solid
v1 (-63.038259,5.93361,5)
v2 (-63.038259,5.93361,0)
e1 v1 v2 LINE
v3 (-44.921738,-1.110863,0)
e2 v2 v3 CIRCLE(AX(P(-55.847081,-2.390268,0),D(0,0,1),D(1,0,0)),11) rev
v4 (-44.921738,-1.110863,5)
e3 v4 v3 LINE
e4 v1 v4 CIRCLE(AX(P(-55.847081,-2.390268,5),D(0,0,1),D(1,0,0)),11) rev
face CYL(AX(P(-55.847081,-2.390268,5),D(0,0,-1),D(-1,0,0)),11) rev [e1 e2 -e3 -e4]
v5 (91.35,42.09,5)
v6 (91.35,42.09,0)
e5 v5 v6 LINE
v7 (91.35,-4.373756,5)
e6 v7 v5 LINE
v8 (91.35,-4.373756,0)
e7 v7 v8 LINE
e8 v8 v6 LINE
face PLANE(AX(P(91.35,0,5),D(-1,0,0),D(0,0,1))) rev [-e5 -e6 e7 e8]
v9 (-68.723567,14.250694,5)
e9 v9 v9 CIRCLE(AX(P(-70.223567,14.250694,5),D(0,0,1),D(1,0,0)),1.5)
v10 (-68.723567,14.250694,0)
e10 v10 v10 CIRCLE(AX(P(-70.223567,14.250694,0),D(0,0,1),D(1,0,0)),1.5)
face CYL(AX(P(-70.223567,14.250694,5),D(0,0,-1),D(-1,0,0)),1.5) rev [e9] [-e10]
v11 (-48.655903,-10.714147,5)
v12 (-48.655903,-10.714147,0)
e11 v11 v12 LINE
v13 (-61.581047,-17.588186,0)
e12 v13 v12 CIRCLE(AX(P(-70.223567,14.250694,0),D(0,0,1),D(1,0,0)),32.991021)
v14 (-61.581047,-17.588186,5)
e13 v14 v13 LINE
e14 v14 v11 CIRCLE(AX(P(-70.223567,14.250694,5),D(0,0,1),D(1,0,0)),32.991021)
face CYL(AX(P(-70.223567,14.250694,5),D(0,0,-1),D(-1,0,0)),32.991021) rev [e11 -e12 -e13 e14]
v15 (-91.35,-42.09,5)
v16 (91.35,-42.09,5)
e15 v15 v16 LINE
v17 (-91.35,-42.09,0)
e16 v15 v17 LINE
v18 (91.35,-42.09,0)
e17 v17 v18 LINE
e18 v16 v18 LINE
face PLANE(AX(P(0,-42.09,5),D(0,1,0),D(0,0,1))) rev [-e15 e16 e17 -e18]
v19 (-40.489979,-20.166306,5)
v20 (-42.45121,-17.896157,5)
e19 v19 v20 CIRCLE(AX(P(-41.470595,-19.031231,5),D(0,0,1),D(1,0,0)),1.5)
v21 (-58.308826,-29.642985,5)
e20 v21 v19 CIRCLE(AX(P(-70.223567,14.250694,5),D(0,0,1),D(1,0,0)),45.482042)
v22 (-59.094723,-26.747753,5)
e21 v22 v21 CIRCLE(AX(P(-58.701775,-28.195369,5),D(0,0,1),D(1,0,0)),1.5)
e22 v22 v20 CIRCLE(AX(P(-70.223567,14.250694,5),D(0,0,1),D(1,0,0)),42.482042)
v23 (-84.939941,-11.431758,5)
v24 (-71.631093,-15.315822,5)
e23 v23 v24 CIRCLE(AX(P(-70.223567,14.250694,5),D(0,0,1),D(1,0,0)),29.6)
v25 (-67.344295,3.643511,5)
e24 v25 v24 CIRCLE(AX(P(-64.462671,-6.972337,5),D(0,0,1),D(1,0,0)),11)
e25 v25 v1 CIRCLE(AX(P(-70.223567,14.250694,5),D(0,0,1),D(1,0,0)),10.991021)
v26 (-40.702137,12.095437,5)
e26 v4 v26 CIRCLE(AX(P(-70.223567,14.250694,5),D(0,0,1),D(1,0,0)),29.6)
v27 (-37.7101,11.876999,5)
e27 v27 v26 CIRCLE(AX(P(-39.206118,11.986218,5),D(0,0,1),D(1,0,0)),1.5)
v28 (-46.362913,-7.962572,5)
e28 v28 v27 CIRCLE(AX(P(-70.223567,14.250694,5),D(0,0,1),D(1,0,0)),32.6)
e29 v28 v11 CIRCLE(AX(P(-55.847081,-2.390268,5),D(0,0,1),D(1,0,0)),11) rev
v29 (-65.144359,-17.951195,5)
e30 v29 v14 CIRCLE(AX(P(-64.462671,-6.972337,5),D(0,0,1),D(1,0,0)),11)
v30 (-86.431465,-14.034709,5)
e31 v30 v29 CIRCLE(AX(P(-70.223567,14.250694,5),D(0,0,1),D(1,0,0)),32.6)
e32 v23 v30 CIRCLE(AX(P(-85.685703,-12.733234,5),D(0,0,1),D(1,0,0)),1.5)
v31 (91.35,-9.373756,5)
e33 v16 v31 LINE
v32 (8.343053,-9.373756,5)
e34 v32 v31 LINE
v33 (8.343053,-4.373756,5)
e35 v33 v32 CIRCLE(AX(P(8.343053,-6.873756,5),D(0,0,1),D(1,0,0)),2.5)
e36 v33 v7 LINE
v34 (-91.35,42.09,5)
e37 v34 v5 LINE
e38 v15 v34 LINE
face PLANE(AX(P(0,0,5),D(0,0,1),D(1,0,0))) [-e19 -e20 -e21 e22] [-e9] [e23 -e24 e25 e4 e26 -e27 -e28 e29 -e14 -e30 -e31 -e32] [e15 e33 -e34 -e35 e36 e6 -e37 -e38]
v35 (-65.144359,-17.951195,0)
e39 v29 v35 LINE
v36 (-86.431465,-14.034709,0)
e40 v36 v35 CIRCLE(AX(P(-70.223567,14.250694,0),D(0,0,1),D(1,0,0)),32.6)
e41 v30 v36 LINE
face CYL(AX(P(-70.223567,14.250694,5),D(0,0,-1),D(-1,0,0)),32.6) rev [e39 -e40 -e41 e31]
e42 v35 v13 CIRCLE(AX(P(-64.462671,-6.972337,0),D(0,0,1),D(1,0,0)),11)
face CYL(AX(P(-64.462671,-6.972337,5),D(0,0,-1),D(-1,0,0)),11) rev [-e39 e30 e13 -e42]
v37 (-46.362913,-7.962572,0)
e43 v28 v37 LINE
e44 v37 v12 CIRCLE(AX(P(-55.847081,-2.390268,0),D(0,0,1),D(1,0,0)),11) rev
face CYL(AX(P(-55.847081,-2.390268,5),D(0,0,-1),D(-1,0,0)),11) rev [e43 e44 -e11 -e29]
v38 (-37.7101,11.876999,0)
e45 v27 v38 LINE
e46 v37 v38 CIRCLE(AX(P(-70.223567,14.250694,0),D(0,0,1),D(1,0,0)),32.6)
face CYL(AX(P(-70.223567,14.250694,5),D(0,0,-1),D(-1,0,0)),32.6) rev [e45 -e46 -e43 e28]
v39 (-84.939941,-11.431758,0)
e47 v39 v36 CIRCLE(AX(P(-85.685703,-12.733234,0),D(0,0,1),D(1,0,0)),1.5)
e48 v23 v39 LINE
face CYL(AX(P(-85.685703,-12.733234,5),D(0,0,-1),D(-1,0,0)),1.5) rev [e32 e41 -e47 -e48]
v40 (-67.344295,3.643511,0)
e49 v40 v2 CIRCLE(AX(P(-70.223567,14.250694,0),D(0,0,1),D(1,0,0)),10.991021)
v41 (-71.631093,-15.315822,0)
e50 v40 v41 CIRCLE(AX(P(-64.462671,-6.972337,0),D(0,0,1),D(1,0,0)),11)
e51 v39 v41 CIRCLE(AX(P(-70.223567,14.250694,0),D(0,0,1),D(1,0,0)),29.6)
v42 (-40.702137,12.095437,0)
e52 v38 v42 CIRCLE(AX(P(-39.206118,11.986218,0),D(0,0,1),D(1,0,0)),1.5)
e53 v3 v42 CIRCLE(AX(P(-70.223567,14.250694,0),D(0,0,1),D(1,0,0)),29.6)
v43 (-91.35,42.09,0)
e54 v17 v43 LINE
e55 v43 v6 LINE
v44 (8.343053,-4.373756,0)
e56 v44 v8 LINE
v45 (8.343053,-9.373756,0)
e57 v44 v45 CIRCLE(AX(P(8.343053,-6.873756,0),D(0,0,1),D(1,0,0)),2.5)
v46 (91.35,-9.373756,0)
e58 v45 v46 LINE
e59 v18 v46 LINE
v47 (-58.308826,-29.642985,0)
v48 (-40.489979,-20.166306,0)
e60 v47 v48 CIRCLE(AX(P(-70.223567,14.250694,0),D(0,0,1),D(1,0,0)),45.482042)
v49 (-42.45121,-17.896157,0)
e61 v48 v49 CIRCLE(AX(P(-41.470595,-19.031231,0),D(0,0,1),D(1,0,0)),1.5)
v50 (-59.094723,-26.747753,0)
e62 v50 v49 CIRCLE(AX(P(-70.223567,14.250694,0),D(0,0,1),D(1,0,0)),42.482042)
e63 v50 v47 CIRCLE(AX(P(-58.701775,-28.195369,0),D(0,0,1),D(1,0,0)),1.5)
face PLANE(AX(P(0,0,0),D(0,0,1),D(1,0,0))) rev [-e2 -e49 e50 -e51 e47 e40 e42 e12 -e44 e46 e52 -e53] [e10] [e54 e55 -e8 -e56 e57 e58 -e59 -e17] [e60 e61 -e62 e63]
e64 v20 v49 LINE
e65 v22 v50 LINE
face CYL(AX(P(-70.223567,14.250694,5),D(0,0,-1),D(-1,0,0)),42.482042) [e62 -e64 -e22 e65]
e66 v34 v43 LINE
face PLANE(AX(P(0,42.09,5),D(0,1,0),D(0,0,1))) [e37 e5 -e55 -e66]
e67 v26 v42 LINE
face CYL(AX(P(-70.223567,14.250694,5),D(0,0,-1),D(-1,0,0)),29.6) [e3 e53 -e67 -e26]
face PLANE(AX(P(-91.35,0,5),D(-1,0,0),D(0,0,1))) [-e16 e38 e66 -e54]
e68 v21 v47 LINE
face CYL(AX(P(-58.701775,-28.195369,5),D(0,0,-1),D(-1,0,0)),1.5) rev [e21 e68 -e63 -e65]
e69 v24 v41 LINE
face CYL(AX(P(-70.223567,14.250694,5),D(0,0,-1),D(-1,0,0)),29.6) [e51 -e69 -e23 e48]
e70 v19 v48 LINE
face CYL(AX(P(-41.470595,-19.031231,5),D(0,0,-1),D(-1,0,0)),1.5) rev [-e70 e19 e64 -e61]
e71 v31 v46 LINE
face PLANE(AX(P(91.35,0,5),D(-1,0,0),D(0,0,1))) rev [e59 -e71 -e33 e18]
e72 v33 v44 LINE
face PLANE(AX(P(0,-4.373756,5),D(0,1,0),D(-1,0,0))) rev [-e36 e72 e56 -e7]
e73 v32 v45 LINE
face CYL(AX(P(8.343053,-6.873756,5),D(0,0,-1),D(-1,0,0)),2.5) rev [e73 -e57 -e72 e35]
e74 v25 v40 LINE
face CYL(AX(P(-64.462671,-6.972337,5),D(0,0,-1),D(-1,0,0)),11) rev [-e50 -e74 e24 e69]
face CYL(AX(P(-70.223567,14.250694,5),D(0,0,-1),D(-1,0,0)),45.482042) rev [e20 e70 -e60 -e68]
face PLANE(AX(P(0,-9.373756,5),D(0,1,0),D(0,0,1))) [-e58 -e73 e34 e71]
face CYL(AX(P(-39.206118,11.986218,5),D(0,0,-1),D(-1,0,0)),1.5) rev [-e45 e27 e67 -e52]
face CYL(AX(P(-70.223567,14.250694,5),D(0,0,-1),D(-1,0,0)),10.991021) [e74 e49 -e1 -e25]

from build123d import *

# Parameters (mm, degrees)
SKETCH1_R           = 1.5
BOSS_EXTRUDE1_DEPTH = 5


with BuildPart() as part:
    # Sketch1 → Boss-Extrude1 (new body)
    with BuildSketch(Plane.XY):
        with BuildLine():
            Line((-91.35, 42.09), (-91.35, -42.09))
            Line((-91.35, -42.09), (91.35, -42.09))
            Line((91.35, -42.09), (91.35, -9.373756295))
            Line((91.35, -9.373756295), (8.343053199, -9.373756295))
            ThreePointArc((8.343053199, -9.373756295), (5.843053199, -6.873756295), (8.343053199, -4.373756295))
            Line((8.343053199, -4.373756295), (91.35, -4.373756295))
            Line((91.35, -4.373756295), (91.35, 42.09))
            Line((91.35, 42.09), (-91.35, 42.09))
        make_face()
        with BuildLine():
            ThreePointArc((-40.489979298, -20.16630551), (-48.867123378, -25.905481248), (-58.308825968, -29.642984865))
            ThreePointArc((-58.308825968, -29.642984865), (-60.149390448, -28.588317906), (-59.094723489, -26.747753426))
            ThreePointArc((-59.094723489, -26.747753426), (-50.275796541, -23.25677592), (-42.451209718, -17.896156784))
            ThreePointArc((-42.451209718, -17.896156784), (-40.846464239, -17.667243828), (-39.970594508, -19.031231147))
            ThreePointArc((-39.970594508, -19.031231147), (-40.106607189, -19.655361416), (-40.489979298, -20.16630551))
        make_face(mode=Mode.SUBTRACT)
        with BuildLine():
            ThreePointArc((-65.144358521, -17.951194504), (-76.122435192, -17.811173415), (-86.43146485, -14.034709351))
            ThreePointArc((-86.43146485, -14.034709351), (-86.987178316, -11.987471568), (-84.939940533, -11.431758101))
            ThreePointArc((-84.939940533, -11.431758101), (-78.516125038, -14.163976019), (-71.631092615, -15.315821832))
            ThreePointArc((-71.631092615, -15.315821832), (-75.191833702, -4.546421602), (-67.344295246, 3.643511155))
            ThreePointArc((-67.344295246, 3.643511155), (-65.062648548, 4.546702365), (-63.038259097, 5.933610208))
            ThreePointArc((-63.038259097, 5.933610208), (-51.860585441, 7.861943698), (-44.921737847, -1.110862578))
            ThreePointArc((-44.921737847, -1.110862578), (-42.027839791, 5.241756905), (-40.702136642, 12.095437041))
            ThreePointArc((-40.702136642, 12.095437041), (-39.151472366, 13.485222207), (-37.706118198, 11.986217927))
            ThreePointArc((-37.706118198, 11.986217927), (-37.707113918, 11.931572095), (-37.710099754, 11.876998812))
            ThreePointArc((-37.710099754, 11.876998812), (-40.341925186, 1.21814014), (-46.362913364, -7.96257196))
            ThreePointArc((-46.362913364, -7.96257196), (-47.396661948, -9.432315012), (-48.655902683, -10.714147119))
            ThreePointArc((-48.655902683, -10.714147119), (-54.732378683, -14.877136713), (-61.581046755, -17.588186064))
            ThreePointArc((-61.581046755, -17.588186064), (-63.34782833, -17.915697351), (-65.144358521, -17.951194504))
        make_face(mode=Mode.SUBTRACT)
        with Locations((-70.223567272, 14.250694236)):
            Circle(SKETCH1_R, mode=Mode.SUBTRACT)
    extrude(amount=BOSS_EXTRUDE1_DEPTH)


solid = part.part
